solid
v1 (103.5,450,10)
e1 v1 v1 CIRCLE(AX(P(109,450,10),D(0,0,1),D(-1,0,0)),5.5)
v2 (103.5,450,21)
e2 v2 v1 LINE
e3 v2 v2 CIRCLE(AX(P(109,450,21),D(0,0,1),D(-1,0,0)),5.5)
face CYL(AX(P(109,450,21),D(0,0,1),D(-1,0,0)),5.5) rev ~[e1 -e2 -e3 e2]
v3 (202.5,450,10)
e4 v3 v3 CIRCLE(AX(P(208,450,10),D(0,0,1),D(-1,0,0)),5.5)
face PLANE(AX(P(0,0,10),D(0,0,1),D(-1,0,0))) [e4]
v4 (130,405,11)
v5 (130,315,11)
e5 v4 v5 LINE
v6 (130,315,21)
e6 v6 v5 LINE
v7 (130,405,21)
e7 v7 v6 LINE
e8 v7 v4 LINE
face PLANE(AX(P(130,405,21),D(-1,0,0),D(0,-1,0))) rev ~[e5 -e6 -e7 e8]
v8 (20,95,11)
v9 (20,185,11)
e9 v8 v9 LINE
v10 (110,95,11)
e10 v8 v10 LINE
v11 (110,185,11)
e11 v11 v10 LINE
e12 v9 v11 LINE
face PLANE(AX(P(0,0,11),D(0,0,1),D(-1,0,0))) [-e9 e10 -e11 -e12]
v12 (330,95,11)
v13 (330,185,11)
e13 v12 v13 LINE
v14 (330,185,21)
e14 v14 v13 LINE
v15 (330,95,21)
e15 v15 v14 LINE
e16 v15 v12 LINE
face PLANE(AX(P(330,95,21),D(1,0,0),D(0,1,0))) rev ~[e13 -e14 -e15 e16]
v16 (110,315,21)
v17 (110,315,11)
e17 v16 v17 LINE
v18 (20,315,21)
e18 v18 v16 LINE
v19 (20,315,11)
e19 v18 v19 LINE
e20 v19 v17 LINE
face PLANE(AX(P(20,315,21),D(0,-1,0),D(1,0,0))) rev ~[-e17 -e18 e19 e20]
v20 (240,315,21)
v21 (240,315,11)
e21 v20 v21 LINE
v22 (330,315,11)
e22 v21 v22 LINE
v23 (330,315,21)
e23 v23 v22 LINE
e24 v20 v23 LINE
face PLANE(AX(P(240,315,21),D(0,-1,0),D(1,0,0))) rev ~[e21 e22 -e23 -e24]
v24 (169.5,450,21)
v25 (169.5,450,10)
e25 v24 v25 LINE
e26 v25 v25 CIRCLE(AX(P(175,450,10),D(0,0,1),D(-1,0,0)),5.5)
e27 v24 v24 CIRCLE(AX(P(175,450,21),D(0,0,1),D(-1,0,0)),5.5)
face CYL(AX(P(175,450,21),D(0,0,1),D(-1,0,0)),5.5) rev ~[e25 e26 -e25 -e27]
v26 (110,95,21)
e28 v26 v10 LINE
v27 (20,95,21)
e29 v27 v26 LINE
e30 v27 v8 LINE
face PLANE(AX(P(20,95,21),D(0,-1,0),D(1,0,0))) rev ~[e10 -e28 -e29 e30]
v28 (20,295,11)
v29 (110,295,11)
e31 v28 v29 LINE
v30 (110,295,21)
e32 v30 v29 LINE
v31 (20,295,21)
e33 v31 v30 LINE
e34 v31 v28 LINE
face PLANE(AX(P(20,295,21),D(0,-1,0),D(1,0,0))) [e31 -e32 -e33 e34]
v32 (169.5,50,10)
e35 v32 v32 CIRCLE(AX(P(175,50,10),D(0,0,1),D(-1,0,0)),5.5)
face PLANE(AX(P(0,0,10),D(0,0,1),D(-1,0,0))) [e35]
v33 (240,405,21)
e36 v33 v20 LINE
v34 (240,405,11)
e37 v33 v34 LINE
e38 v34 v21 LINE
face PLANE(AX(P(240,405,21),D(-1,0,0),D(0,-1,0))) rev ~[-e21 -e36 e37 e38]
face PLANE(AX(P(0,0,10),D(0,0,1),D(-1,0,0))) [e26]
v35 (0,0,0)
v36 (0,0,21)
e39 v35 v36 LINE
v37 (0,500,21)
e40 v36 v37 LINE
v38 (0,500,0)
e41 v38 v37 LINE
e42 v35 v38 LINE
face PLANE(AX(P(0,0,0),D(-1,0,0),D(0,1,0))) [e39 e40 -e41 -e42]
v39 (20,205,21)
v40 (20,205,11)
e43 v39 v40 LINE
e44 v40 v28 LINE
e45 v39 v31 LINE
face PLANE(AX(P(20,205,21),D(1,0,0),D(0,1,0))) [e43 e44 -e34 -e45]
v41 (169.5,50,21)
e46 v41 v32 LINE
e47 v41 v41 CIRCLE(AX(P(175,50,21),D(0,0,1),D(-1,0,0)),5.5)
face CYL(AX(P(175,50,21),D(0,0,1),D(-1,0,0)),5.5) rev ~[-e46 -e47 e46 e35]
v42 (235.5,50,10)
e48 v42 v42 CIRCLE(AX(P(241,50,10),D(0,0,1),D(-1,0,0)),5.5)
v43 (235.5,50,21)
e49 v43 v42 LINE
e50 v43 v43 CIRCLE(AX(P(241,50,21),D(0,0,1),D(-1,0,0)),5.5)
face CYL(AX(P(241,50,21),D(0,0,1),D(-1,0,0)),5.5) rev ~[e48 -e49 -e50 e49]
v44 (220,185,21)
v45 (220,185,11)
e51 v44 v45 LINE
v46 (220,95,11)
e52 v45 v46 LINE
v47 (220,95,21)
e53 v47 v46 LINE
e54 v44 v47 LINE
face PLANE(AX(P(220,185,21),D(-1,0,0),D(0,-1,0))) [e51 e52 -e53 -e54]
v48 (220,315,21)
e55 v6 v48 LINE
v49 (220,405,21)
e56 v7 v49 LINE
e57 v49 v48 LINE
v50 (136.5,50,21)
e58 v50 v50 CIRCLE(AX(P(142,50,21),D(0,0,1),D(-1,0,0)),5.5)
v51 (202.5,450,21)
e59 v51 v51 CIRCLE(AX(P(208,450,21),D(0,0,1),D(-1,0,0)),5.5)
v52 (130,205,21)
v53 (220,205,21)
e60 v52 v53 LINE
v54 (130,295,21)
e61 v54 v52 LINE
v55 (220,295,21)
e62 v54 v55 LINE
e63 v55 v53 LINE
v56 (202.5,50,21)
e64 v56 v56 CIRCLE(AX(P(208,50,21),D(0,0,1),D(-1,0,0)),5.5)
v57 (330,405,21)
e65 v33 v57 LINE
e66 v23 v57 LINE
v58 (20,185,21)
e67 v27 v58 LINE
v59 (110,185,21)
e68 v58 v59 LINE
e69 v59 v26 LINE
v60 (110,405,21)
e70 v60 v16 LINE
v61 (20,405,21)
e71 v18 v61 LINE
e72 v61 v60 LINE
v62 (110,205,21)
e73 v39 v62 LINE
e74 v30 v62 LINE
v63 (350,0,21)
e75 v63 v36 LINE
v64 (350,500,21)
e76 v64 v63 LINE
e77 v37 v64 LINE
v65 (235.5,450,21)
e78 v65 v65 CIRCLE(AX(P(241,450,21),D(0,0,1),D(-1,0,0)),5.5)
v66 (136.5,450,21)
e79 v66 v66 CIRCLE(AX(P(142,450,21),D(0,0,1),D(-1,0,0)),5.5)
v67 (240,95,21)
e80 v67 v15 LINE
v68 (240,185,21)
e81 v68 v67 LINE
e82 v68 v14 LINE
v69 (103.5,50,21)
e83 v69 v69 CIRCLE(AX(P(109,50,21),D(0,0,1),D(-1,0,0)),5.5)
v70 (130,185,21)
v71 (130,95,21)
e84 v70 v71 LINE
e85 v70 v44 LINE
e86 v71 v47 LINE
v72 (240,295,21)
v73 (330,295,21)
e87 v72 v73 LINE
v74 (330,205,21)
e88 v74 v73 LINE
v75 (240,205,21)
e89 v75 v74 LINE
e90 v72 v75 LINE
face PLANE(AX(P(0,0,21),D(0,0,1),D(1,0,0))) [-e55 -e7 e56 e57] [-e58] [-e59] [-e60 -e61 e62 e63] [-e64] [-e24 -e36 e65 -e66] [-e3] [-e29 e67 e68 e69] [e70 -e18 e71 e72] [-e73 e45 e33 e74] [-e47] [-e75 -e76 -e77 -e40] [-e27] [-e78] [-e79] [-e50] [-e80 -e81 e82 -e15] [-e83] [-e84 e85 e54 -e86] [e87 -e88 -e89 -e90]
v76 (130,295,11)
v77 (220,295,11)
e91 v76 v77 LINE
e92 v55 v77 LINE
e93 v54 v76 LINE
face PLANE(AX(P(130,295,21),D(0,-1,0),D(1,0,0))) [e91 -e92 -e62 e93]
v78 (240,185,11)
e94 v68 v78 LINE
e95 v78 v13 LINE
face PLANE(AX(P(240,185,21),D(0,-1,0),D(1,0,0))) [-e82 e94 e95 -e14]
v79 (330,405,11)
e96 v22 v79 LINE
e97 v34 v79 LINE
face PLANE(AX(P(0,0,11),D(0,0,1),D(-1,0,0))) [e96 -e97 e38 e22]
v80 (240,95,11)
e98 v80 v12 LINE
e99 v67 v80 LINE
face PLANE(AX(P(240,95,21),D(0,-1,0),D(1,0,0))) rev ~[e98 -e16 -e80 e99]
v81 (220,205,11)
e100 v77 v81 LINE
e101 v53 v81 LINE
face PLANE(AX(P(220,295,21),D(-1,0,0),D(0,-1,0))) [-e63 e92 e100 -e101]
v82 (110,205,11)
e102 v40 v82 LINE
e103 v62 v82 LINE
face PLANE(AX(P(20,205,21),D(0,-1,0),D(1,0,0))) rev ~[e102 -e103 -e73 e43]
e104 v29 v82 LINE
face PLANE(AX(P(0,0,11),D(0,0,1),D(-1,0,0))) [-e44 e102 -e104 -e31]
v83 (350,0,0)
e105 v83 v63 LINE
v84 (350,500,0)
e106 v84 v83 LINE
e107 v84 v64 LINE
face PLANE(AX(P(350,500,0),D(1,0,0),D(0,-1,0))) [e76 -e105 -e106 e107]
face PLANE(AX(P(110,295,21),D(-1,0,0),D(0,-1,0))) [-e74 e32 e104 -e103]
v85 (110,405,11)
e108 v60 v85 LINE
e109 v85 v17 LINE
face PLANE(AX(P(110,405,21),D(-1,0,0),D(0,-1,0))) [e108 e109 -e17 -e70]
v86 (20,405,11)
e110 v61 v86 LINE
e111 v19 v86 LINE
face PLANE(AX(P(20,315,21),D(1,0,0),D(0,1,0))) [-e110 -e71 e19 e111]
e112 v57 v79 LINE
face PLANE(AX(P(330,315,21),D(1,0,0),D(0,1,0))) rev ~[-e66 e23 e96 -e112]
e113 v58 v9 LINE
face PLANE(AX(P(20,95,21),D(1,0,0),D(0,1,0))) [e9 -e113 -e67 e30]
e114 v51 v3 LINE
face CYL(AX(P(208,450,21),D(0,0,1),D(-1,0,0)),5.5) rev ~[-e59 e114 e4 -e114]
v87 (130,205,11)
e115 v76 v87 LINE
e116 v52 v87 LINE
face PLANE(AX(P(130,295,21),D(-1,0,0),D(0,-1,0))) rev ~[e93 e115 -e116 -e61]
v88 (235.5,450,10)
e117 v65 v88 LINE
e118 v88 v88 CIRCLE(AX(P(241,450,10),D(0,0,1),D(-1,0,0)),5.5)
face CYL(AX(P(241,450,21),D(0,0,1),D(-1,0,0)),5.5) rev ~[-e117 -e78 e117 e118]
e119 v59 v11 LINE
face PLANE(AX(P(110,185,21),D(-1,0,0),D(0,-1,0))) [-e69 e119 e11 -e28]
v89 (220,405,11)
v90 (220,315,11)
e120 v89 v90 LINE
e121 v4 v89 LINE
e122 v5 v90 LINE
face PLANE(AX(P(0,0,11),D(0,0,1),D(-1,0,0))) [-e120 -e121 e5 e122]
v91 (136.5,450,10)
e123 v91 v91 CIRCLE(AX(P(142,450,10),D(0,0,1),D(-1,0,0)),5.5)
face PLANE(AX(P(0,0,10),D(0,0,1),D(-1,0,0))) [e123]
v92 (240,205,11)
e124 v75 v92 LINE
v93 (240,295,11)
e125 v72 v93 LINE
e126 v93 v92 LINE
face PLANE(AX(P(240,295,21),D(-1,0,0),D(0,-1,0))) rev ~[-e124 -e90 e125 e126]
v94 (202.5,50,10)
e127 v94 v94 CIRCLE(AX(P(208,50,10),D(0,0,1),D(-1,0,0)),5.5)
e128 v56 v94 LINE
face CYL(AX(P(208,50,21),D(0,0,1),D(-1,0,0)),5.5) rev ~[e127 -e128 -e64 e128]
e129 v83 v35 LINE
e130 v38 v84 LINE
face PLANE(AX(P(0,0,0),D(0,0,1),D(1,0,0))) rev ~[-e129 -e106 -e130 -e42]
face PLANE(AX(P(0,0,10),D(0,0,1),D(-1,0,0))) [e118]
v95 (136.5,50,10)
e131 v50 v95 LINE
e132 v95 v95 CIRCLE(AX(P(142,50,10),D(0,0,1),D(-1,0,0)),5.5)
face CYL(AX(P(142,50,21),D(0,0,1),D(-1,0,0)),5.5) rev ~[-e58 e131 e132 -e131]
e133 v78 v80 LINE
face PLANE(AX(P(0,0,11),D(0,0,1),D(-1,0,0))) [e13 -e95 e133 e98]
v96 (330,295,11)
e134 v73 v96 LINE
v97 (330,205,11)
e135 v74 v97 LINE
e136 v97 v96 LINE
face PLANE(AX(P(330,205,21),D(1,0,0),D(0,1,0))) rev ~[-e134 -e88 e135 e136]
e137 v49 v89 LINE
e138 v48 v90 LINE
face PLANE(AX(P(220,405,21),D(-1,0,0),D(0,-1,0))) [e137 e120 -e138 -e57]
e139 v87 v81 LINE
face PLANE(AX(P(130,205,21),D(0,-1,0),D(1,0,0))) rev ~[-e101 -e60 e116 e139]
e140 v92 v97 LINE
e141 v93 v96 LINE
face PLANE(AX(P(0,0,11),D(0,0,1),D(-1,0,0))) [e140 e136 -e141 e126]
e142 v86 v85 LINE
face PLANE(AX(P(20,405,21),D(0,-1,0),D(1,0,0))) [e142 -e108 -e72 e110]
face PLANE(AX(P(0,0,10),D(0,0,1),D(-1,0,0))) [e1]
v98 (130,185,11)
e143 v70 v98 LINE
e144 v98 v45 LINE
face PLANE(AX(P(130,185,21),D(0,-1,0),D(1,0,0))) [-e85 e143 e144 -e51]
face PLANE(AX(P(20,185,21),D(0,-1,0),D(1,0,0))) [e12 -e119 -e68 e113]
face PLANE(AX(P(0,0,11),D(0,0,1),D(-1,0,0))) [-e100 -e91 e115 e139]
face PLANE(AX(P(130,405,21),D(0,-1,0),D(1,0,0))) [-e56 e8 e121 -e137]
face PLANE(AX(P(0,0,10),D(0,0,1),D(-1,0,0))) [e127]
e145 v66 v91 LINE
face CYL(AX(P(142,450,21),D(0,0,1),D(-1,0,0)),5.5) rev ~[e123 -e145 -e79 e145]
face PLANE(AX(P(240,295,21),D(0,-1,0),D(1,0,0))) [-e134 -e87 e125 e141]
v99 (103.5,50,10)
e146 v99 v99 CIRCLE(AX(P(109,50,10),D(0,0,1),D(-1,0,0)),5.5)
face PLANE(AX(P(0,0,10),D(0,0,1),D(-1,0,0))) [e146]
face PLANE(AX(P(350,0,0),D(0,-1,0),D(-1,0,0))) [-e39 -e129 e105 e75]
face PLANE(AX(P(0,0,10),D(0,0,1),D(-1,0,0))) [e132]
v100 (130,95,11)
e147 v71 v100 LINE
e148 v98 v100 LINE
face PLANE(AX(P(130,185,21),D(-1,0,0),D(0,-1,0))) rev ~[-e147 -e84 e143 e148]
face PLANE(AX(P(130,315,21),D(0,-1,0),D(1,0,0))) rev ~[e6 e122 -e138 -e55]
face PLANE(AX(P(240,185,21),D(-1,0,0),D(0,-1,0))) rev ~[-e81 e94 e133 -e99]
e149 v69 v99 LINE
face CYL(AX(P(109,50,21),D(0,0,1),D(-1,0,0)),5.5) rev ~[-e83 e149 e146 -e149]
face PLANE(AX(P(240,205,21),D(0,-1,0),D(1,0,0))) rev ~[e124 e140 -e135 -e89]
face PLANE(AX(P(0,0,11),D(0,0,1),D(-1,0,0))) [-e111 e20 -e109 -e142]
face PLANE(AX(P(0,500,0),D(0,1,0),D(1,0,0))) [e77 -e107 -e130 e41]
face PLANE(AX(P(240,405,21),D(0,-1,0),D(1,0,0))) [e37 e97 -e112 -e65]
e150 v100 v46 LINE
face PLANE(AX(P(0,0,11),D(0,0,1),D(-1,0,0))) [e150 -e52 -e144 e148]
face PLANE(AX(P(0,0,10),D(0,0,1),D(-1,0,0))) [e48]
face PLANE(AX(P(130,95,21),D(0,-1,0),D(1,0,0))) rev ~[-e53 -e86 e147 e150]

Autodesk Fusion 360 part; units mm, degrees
sketch "Sketch1" plane through (0, 0, 0) normal (0, 0, 1) x (1, 0, 0)
  line L0 (0, 0) -> (0, 500)
  line L1 (0, 500) -> (350, 500)
  line L2 (350, 500) -> (350, 0)
  line L3 (350, 0) -> (0, 0)
  dimension "d6" = 500
  dimension "d7" = 350
  dimension "d8" = 500
  dimension "d9" = 350
extrude "Extrude1" add sketch "Sketch1" along normal blind 21
sketch "Sketch2" plane through (0, 0, 21) normal (0, 0, 1) x (-1, 0, 0)
  line L0 (-350, 0) -> (-350, -500)
  line L1 (-350, -500) -> (0, -500)
  line L2 (0, -500) -> (0, 0)
  line L3 (0, 0) -> (-350, 0)
  line L4 (0, 0) -> (-20, 0)
  line L5 (-350, 0) -> (-330, 0)
  line L6 (-330, 0) -> (-330, -500)
  line L7 (-20, 0) -> (-20, -500)
  line L8 (-20, -500) -> (-110, -500)
  line L9 (-110, -500) -> (-130, -500)
  line L10 (-130, -500) -> (-220, -500)
  line L11 (-220, -500) -> (-240, -500)
  line L12 (-240, -500) -> (-330, -500)
  line L13 (-110, -500) -> (-110, 0)
  line L14 (-130, -500) -> (-130, 0)
  line L15 (-220, -500) -> (-220, 0)
  line L16 (-240, -500) -> (-240, 0)
  line L17 (0, 0) -> (0, -95)
  line L18 (0, -500) -> (0, -405)
  line L19 (0, -405) -> (-350, -405)
  line L20 (0, -95) -> (-350, -95)
  line L21 (0, -405) -> (0, -315)
  line L22 (0, -315) -> (0, -295)
  line L23 (0, -295) -> (0, -205)
  line L24 (0, -205) -> (0, -185)
  line L25 (0, -185) -> (0, -95)
  line L26 (0, -185) -> (-350, -185)
  line L27 (0, -205) -> (-350, -205)
  line L28 (0, -295) -> (-350, -295)
  line L29 (0, -315) -> (-350, -315)
  dimension "d13" = 20
  dimension "d14" = 500
  dimension "d16" = 90
  dimension "d19" = 20
  dimension "d27" = 95
  dimension "d28" = 95
  dimension "d29" = 350
  dimension "d31" = 90
  dimension "d32" = 20
  dimension "d34" = 90
  dimension "d35" = 20
extrude "Extrude2" cut sketch "Sketch2" against normal blind 10 contours L6 L16 L20 L26 | L6 L16 L27 L28 | L14 L15 L20 L26 | L6 L16 L19 L29 | L14 L15 L27 L28 | L7 L13 L20 L26 | L14 L15 L19 L29 | L7 L13 L27 L28 | L7 L13 L19 L29
sketch "Sketch3" plane through (0, 0, 21) normal (0, 0, 1) x (-1, 0, 0)
  line L0 (-330, -95) -> (-240, -95)
  line L1 (-240, -95) -> (-240, -185)
  line L2 (-240, -185) -> (-330, -185)
  line L3 (-330, -185) -> (-330, -95)
  line L4 (-130, -205) -> (-130, -295)
  line L5 (-130, -295) -> (-220, -295)
  line L6 (-220, -295) -> (-220, -205)
  line L7 (-220, -205) -> (-130, -205)
  line L8 (-110, -405) -> (-110, -315)
  line L9 (-110, -315) -> (-20, -315)
  line L10 (-20, -315) -> (-20, -405)
  line L11 (-20, -405) -> (-110, -405)
  line L12 (-110, -295) -> (-110, -205)
  line L13 (-110, -205) -> (-20, -205)
  line L14 (-20, -205) -> (-20, -295)
  line L15 (-20, -295) -> (-110, -295)
  line L16 (-130, -95) -> (-130, -185)
  line L17 (-130, -185) -> (-220, -185)
  line L18 (-220, -185) -> (-220, -95)
  line L19 (-220, -95) -> (-130, -95)
  line L20 (-330, -205) -> (-240, -205)
  line L21 (-240, -205) -> (-240, -295)
  line L22 (-240, -295) -> (-330, -295)
  line L23 (-330, -295) -> (-330, -205)
  line L24 (-130, -315) -> (-130, -405)
  line L25 (-130, -405) -> (-220, -405)
  line L26 (-220, -405) -> (-220, -315)
  line L27 (-220, -315) -> (-130, -315)
  line L28 (-330, -315) -> (-240, -315)
  line L29 (-240, -315) -> (-240, -405)
  line L30 (-240, -405) -> (-330, -405)
  line L31 (-330, -405) -> (-330, -315)
  line L32 (-110, -185) -> (-110, -95)
  line L33 (-110, -95) -> (-20, -95)
  line L34 (-20, -95) -> (-20, -185)
  line L35 (-20, -185) -> (-110, -185)
  line L36 (0, 0) -> (-175, 0)
  circle A0 centre (-175, -50) radius 5.5
  circle A1 centre (-208, -50) radius 5.5
  circle A2 centre (-241, -50) radius 5.5
  circle A3 centre (-142, -50) radius 5.5
  circle A4 centre (-109, -50) radius 5.5
  line L37 (0, -500) -> (-175, -500)
  circle A5 centre (-142, -450) radius 5.5
  circle A6 centre (-109, -450) radius 5.5
  circle A7 centre (-208, -450) radius 5.5
  circle A8 centre (-175, -450) radius 5.5
  circle A9 centre (-241, -450) radius 5.5
  line L38 (-350, 0) -> (-350, -500)
  line L39 (-350, -500) -> (0, -500)
  line L40 (0, -500) -> (0, 0)
  line L41 (0, 0) -> (-350, 0)
  dimension "d43" = 175
  dimension "d44" = 50
  dimension "d46" = 33
  dimension "d55" = 11
  dimension "d56" = 175
  dimension "d57" = 50
  dimension "d60" = 33
  dimension "d64" = 11
extrude "Extrude3" cut sketch "Sketch3" against normal blind 11 contours A0 | A1 | A2 | A3 | A4 | A5 | A6 | A7 | A8 | A9
sketch "Sketch5" plane through (0, 0, 21) normal (0, 0, 1) x (-1, 0, 0)
  circle A0 centre (-175, -50) radius 5.5
  circle A1 centre (-208, -450) radius 5.5
  circle A2 centre (-109, -450) radius 5.5
  circle A3 centre (-241, -450) radius 5.5
  circle A4 centre (-208, -50) radius 5.5
  circle A5 centre (-142, -50) radius 5.5
  circle A6 centre (-175, -450) radius 5.5
  circle A7 centre (-142, -450) radius 5.5
  circle A8 centre (-109, -50) radius 5.5
  circle A9 centre (-241, -50) radius 5.5
  line L0 (-110, -185) -> (-110, -95)
  line L1 (-110, -95) -> (-20, -95)
  line L2 (-20, -95) -> (-20, -185)
  line L3 (-20, -185) -> (-110, -185)
  line L4 (-330, -315) -> (-240, -315)
  line L5 (-240, -315) -> (-240, -405)
  line L6 (-240, -405) -> (-330, -405)
  line L7 (-330, -405) -> (-330, -315)
  line L8 (-130, -315) -> (-130, -405)
  line L9 (-130, -405) -> (-220, -405)
  line L10 (-220, -405) -> (-220, -315)
  line L11 (-220, -315) -> (-130, -315)
  line L12 (-330, -205) -> (-240, -205)
  line L13 (-240, -205) -> (-240, -295)
  line L14 (-240, -295) -> (-330, -295)
  line L15 (-330, -295) -> (-330, -205)
  line L16 (-130, -95) -> (-130, -185)
  line L17 (-130, -185) -> (-220, -185)
  line L18 (-220, -185) -> (-220, -95)
  line L19 (-220, -95) -> (-130, -95)
  line L20 (-110, -295) -> (-110, -205)
  line L21 (-110, -205) -> (-20, -205)
  line L22 (-20, -205) -> (-20, -295)
  line L23 (-20, -295) -> (-110, -295)
  line L24 (-110, -405) -> (-110, -315)
  line L25 (-110, -315) -> (-20, -315)
  line L26 (-20, -315) -> (-20, -405)
  line L27 (-20, -405) -> (-110, -405)
  line L28 (-130, -205) -> (-130, -295)
  line L29 (-130, -295) -> (-220, -295)
  line L30 (-220, -295) -> (-220, -205)
  line L31 (-220, -205) -> (-130, -205)
  line L32 (-330, -95) -> (-240, -95)
  line L33 (-240, -95) -> (-240, -185)
  line L34 (-240, -185) -> (-330, -185)
  line L35 (-330, -185) -> (-330, -95)
  line L36 (-350, 0) -> (-350, -500)
  line L37 (-350, -500) -> (0, -500)
  line L38 (0, -500) -> (0, 0)
  line L39 (0, 0) -> (-350, 0)
equation "lengd = 500 mm" comment "Lengd spilsins"
equation "breydd = 350 mm" comment "Breydd spilsins"
equation "þykkt = 21 mm" comment "Þykkt efnisins"
equation "dypt_holfa = 10 mm" comment "Dýpt hólfanna fyrir leikmenn"
equation "veggir = 20 mm" comment "Stærð skilveggja"
equation "d6 = lengd"
equation "d7 = breydd"
equation "d8 = lengd"
equation "d9 = breydd"
equation "d10 = þykkt"
equation "d13 = veggir"
equation "d14 = lengd"
equation "d16 = ( breydd - veggir ) / 3 - veggir"
equation "d19 = veggir"
equation "d27 = ( ( lengd - breydd ) / 2 ) + veggir"
equation "d28 = ( ( lengd - breydd ) / 2 ) + veggir"
equation "d29 = breydd"
equation "d31 = ( ( breydd - veggir ) / 3 ) - veggir"
equation "d32 = veggir"
equation "d34 = ( ( breydd - veggir ) / 3 ) - veggir"
equation "d35 = veggir"
equation "d36 = -dypt_holfa"
equation "stiga_dýpt = 11 mm" comment "Dýptin á holunum fyrir stiga talninguna"
equation "renna_stiga = 5 mm" comment "Dýptina á rennunum milli staga hólfa"
equation "renna_breydd = 5 mm" comment "Breyddin á rennunni"
equation "d43 = breydd / 2"
equation "d44 = ( lengd / 10 )"
equation "d46 = stiga_dýpt * 3"
equation "d55 = stiga_dýpt"
equation "d56 = breydd / 2"
equation "d57 = lengd / 10"
equation "d60 = stiga_dýpt * 3"
equation "d64 = stiga_dýpt"
equation "d68 = -stiga_dýpt"
